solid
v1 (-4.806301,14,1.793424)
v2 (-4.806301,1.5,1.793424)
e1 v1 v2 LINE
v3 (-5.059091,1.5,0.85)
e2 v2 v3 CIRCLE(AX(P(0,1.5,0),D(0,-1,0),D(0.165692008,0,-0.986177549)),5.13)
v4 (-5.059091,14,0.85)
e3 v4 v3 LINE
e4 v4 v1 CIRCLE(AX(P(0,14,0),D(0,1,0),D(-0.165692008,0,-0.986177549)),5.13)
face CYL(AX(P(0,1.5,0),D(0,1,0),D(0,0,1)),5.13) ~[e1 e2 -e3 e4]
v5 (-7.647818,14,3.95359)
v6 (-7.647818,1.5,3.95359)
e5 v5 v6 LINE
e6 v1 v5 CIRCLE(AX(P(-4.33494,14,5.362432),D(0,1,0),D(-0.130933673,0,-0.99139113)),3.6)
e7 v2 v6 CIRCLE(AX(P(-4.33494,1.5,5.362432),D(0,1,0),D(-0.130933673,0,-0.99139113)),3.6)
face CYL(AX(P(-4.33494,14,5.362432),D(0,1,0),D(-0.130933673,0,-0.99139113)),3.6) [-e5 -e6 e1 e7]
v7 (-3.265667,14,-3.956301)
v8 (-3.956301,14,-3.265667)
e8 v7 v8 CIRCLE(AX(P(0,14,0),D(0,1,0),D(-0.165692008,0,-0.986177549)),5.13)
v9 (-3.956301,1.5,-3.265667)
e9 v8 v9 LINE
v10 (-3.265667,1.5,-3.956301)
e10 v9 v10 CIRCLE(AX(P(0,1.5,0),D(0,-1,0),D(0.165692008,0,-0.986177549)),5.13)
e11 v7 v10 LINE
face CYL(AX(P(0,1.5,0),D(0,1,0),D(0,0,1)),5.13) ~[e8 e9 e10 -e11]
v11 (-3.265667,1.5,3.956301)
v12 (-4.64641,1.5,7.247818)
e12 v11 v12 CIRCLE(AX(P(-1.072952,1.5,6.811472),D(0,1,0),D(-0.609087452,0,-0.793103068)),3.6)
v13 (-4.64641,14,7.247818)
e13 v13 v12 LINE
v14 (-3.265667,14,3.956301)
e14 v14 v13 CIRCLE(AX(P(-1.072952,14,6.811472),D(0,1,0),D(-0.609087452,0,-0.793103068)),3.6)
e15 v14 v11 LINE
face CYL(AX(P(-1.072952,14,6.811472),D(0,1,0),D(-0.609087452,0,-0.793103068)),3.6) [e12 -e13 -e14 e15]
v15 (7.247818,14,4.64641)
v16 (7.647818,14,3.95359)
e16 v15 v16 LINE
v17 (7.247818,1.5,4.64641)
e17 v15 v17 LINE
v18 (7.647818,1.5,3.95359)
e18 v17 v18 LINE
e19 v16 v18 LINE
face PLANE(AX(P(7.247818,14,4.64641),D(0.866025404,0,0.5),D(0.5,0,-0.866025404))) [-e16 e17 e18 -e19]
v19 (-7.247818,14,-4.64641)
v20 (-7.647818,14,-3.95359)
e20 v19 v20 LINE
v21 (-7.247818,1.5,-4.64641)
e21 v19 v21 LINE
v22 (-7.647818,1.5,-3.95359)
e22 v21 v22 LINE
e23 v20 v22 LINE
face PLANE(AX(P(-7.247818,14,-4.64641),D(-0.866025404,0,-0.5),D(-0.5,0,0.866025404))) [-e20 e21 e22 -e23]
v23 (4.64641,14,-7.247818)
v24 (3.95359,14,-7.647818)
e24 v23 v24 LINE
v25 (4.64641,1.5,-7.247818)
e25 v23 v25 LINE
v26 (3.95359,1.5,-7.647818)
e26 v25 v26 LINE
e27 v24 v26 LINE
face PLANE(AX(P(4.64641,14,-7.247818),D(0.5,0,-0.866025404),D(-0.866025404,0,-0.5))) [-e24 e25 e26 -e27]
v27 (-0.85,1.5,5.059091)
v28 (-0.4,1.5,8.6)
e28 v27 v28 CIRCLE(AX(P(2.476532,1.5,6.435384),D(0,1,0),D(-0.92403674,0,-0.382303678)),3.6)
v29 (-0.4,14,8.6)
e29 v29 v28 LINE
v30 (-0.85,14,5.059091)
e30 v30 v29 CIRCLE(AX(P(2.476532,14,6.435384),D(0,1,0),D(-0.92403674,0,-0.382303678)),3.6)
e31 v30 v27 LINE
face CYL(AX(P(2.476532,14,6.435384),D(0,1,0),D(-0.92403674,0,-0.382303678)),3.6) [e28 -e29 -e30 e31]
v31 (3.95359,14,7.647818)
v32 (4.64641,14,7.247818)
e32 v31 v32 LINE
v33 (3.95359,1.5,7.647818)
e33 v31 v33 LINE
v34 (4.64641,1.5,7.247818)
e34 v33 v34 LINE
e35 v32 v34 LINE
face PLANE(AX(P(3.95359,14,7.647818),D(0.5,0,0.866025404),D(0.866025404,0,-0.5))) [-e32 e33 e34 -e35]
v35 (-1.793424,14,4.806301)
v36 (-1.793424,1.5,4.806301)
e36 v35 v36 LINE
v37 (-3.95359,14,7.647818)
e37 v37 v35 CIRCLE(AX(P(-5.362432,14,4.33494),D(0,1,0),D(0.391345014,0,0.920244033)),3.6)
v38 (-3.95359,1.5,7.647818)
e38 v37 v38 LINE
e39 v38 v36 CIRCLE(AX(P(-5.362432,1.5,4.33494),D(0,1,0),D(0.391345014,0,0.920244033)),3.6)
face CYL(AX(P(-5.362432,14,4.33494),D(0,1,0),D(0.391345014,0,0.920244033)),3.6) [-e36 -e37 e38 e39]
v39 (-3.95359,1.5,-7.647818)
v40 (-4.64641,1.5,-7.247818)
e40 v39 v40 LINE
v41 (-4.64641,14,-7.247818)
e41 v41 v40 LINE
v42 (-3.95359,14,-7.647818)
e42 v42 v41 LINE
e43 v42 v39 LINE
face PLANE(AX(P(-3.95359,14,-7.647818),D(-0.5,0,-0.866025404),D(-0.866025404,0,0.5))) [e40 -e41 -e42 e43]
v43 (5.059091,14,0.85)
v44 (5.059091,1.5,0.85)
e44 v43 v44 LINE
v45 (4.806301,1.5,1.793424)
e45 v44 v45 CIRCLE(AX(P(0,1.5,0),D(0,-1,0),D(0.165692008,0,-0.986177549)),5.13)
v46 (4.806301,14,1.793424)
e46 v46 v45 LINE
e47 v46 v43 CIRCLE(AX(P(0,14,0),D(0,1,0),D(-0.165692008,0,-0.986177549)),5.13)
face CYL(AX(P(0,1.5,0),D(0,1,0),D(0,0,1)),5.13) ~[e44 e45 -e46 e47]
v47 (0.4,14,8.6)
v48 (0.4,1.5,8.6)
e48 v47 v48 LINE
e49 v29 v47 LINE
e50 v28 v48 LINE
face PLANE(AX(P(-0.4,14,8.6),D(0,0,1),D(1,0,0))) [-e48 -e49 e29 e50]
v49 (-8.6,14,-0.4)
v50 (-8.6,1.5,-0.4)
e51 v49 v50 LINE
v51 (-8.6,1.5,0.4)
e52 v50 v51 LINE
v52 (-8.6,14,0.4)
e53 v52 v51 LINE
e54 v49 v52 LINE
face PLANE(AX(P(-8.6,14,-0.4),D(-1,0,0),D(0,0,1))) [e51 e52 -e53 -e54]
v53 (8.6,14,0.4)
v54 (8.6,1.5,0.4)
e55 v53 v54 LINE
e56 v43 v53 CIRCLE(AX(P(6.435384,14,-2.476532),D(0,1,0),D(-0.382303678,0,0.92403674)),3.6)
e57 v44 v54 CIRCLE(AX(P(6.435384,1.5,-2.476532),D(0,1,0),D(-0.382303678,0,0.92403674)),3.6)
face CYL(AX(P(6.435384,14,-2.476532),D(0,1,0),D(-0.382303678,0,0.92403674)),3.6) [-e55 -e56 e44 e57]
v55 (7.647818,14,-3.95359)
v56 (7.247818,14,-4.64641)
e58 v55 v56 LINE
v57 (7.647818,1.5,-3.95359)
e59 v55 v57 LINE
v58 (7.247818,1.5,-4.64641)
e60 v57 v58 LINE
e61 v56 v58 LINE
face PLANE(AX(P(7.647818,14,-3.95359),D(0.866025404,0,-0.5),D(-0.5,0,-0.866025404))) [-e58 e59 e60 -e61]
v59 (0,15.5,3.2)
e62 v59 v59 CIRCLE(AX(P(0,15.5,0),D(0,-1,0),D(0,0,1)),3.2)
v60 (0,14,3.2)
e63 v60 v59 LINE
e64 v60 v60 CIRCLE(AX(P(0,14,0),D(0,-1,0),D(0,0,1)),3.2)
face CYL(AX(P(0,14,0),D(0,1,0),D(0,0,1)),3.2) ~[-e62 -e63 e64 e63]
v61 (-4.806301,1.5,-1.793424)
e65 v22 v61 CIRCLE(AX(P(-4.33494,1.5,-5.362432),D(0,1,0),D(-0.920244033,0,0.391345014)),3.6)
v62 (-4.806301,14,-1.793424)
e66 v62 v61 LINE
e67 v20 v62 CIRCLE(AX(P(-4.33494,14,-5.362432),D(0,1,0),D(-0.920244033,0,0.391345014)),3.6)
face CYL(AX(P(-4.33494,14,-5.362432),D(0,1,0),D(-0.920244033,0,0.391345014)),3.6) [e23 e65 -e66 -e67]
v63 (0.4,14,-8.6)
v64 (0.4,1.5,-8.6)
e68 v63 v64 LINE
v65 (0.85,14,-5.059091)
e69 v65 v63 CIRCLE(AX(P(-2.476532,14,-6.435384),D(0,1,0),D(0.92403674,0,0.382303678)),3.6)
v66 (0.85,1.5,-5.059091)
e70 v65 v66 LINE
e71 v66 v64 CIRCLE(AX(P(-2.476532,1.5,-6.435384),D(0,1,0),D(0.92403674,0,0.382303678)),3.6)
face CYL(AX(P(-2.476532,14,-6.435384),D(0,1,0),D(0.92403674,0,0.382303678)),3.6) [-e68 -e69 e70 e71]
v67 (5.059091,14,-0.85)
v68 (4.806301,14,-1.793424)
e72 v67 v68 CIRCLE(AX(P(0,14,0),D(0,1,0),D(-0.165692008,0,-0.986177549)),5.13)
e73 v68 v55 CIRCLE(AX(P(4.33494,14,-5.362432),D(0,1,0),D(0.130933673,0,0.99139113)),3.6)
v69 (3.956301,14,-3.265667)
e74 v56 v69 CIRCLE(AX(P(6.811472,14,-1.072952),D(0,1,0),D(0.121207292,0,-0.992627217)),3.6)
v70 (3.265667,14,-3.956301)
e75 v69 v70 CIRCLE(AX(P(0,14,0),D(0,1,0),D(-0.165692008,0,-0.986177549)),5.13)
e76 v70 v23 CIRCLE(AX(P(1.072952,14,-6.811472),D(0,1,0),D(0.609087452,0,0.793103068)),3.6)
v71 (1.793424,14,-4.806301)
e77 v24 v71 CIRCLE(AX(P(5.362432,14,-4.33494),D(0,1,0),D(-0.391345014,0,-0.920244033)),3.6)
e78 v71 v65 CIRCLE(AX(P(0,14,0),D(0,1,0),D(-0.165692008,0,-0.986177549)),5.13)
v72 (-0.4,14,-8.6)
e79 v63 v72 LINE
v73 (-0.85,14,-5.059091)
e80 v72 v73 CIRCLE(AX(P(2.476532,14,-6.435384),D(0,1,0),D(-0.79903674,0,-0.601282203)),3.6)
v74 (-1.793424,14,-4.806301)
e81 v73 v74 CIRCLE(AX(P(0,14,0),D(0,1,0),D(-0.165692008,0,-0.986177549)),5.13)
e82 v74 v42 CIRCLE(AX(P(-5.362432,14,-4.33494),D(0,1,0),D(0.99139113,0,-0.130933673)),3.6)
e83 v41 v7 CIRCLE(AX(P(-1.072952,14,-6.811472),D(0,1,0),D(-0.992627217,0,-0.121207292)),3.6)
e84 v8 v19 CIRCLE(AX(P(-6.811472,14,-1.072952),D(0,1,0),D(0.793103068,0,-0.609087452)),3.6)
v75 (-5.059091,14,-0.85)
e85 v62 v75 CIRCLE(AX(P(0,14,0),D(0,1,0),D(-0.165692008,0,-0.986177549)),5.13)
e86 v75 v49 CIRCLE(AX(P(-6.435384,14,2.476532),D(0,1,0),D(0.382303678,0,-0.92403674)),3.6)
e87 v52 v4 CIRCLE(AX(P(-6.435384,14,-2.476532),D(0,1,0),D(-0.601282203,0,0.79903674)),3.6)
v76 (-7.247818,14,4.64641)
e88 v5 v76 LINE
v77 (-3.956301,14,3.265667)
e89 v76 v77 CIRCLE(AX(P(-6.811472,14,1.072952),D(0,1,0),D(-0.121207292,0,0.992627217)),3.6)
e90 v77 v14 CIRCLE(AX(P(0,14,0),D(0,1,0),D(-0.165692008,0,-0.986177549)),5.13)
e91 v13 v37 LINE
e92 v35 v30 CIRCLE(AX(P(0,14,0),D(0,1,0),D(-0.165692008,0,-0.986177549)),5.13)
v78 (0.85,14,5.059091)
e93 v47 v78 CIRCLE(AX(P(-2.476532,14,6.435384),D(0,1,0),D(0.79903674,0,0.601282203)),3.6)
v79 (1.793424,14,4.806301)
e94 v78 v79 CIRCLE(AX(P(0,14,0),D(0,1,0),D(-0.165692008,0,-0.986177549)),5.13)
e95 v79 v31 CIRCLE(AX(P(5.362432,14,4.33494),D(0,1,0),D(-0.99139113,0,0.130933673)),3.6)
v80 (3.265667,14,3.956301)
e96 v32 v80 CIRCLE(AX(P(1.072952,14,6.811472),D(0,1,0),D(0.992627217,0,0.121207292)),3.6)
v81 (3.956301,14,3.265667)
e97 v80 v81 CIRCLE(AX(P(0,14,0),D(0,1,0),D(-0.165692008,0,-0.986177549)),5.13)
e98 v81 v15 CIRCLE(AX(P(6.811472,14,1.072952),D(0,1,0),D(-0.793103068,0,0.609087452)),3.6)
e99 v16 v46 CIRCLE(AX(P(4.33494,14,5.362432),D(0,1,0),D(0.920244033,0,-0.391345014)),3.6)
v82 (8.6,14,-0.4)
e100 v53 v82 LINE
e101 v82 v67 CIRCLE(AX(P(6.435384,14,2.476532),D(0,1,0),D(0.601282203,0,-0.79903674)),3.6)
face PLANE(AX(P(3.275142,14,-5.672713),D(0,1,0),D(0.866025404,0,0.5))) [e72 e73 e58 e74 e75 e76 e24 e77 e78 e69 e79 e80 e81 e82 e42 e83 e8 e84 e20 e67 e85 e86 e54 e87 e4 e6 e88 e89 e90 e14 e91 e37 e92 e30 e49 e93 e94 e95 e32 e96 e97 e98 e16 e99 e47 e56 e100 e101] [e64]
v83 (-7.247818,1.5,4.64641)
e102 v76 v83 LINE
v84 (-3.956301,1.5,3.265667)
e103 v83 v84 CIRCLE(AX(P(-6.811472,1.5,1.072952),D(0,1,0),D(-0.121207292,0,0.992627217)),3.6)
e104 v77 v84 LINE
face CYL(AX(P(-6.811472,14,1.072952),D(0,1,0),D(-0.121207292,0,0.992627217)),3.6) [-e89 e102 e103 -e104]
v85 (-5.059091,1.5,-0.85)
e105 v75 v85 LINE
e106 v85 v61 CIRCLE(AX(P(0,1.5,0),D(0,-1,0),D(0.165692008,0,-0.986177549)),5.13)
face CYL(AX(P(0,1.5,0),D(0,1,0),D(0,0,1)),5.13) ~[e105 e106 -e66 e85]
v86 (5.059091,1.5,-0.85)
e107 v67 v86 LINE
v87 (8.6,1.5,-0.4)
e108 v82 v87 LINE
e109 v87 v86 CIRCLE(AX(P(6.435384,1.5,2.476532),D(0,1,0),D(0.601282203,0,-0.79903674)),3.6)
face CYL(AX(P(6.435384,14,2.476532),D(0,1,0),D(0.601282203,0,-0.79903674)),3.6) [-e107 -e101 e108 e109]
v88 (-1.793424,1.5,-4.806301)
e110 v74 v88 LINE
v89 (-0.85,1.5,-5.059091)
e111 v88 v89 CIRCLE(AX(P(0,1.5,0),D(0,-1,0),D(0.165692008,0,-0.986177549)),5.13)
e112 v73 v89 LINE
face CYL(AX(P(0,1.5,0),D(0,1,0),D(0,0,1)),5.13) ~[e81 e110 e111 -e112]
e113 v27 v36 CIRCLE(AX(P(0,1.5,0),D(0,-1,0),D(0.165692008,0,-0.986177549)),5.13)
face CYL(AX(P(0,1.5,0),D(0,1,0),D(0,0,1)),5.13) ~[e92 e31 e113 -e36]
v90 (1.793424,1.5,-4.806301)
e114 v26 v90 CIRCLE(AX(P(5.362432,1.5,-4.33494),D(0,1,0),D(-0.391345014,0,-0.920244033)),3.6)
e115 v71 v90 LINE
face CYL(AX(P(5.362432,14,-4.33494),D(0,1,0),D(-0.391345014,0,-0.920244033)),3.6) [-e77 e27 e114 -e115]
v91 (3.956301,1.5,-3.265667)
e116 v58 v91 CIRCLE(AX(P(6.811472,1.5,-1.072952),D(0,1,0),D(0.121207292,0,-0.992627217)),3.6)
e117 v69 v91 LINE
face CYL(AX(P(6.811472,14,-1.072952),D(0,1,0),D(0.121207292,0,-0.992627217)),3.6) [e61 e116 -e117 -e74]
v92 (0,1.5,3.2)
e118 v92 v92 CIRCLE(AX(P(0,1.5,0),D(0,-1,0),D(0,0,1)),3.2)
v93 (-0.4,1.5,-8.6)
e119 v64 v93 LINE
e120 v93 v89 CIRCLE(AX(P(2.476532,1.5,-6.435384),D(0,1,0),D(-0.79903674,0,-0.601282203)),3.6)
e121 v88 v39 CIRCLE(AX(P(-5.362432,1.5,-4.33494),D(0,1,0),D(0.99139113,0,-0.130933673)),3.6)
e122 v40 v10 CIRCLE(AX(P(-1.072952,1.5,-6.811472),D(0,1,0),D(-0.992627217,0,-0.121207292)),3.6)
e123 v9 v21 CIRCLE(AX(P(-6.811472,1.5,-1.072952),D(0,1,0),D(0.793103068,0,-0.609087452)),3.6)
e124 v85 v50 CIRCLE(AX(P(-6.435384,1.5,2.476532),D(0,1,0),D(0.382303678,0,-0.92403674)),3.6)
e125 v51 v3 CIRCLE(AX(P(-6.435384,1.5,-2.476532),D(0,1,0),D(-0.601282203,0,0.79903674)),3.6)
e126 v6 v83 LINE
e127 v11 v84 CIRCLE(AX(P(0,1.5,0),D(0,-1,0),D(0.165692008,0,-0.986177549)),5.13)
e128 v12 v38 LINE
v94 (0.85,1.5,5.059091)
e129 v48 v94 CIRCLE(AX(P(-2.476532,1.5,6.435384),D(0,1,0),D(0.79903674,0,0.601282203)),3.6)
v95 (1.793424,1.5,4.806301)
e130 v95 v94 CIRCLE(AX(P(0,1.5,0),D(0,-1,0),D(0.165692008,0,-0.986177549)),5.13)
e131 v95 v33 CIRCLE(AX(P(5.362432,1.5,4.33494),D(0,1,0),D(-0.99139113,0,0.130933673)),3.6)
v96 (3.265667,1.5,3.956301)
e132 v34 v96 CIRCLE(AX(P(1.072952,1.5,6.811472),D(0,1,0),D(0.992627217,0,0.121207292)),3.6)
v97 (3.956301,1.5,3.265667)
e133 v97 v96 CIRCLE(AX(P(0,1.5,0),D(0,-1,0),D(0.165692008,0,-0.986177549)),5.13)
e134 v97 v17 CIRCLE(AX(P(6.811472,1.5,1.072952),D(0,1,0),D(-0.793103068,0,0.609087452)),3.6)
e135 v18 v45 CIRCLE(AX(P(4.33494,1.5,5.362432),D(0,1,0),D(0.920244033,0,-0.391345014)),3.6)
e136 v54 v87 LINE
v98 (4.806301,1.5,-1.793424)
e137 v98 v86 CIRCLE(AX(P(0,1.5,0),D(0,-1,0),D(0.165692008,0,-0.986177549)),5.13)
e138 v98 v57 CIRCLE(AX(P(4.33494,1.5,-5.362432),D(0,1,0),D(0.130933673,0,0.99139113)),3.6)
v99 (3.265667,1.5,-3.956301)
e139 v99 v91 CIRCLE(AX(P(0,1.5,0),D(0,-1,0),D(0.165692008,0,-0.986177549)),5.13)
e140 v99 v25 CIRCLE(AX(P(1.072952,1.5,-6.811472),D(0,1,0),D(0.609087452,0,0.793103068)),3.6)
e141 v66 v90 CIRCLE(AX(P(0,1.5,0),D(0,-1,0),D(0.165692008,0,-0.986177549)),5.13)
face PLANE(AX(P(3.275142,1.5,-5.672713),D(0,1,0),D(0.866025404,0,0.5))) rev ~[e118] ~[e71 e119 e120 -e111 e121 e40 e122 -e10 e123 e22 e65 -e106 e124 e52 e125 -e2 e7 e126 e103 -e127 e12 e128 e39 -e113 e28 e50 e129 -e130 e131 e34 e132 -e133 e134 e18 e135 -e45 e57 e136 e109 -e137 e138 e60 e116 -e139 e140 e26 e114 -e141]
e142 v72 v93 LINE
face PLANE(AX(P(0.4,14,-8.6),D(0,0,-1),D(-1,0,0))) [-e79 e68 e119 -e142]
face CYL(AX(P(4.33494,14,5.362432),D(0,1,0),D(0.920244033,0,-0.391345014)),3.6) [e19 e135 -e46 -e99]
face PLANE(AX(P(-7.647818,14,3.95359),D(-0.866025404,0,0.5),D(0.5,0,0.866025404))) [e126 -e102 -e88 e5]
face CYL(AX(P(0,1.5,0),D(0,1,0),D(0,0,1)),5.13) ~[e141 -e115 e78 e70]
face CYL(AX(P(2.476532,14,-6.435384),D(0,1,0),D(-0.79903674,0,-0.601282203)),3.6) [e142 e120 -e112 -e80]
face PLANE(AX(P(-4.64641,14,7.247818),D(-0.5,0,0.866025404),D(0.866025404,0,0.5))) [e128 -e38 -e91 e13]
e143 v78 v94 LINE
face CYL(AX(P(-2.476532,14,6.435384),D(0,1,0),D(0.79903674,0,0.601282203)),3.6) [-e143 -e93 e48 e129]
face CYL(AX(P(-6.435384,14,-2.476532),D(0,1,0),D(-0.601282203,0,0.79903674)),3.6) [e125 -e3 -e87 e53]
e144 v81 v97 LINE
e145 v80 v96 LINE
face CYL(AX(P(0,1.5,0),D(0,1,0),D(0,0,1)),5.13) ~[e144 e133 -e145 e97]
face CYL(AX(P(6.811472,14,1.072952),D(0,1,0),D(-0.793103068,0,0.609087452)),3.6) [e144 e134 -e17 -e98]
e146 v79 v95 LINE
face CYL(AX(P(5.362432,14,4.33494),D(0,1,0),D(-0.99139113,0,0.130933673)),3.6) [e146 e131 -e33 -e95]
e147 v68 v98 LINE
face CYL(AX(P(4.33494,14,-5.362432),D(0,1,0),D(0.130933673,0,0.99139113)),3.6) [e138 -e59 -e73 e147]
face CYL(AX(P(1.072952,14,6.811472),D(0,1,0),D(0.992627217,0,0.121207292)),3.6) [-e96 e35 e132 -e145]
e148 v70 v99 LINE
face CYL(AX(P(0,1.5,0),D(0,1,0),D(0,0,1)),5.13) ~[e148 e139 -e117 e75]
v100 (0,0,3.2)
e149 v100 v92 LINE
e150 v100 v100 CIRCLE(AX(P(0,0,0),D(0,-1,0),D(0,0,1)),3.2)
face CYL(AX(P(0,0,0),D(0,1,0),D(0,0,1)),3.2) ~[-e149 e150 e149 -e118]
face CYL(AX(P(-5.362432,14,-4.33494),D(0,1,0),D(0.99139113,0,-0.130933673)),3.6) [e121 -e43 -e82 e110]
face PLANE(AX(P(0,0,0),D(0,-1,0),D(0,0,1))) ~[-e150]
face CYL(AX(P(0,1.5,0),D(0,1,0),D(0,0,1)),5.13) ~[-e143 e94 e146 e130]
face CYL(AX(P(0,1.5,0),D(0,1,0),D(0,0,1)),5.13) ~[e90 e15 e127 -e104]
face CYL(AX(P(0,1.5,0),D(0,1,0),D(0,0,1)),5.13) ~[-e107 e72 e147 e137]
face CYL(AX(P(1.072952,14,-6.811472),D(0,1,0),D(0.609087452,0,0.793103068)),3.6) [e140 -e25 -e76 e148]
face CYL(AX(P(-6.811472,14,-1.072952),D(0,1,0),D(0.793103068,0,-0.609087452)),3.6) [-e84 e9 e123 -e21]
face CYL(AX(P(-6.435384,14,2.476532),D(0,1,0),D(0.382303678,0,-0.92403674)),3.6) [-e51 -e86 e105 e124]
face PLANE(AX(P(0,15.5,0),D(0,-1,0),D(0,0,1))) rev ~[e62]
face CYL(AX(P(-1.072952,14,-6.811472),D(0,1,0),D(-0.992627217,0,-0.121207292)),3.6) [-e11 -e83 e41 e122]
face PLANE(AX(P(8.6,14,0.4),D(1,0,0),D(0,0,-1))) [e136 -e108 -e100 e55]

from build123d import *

# Parameters (mm, degrees)
BOSS_EXTRUDE2_DEPTH = 12.5
CIRPATTERN1_COUNT   = 12


with BuildPart() as part:
    # Sketch1 → Revolve1 (revolve)
    with BuildSketch(Plane(origin=(0, 0, 0), x_dir=(0, 0, -1), z_dir=(1, 0, 0)), mode=Mode.PRIVATE) as revolve1_sk:
        Polygon((0, 0), (3.2, 0), (3.2, 1.5), (5.13, 1.5), (5.13, 14), (3.2, 14), (3.2, 15.5), (0, 15.5), align=None)
    revolve(revolve1_sk.sketch.rotate(Axis((0, 15.5, 0), (0, -1, 0)), 180), axis=Axis((0, 15.5, 0), (0, -1, 0)))

    # Sketch2 → Boss-Extrude2 (add)
    with BuildSketch(Plane(origin=(0, 14, 0), x_dir=(1, 0, 0), z_dir=(0, 1, 0))):
        with BuildLine():
            Line((0.4, 8.6), (-0.4, 8.6))
            ThreePointArc((-0.4, 8.6), (-1.094743674, 6.889243261), (-0.85, 5.059090827))
            Line((-0.85, 5.059090827), (-0.85, 4.768997596))
            Line((-0.85, 4.768997596), (0.85, 4.768997596))
            Line((0.85, 4.768997596), (0.85, 5.059090827))
            ThreePointArc((0.85, 5.059090827), (1.094743674, 6.889243261), (0.4, 8.6))
        make_face()
    boss_extrude2 = extrude(amount=-BOSS_EXTRUDE2_DEPTH)

    # CirPattern1: Boss-Extrude2 ×12 about axis
    cirpattern1_axis = Axis((0, 0, 0), (0, 1, 0))
    for i in range(1, CIRPATTERN1_COUNT):
        add(boss_extrude2.rotate(cirpattern1_axis, i * 360 / CIRPATTERN1_COUNT))


solid = part.part
